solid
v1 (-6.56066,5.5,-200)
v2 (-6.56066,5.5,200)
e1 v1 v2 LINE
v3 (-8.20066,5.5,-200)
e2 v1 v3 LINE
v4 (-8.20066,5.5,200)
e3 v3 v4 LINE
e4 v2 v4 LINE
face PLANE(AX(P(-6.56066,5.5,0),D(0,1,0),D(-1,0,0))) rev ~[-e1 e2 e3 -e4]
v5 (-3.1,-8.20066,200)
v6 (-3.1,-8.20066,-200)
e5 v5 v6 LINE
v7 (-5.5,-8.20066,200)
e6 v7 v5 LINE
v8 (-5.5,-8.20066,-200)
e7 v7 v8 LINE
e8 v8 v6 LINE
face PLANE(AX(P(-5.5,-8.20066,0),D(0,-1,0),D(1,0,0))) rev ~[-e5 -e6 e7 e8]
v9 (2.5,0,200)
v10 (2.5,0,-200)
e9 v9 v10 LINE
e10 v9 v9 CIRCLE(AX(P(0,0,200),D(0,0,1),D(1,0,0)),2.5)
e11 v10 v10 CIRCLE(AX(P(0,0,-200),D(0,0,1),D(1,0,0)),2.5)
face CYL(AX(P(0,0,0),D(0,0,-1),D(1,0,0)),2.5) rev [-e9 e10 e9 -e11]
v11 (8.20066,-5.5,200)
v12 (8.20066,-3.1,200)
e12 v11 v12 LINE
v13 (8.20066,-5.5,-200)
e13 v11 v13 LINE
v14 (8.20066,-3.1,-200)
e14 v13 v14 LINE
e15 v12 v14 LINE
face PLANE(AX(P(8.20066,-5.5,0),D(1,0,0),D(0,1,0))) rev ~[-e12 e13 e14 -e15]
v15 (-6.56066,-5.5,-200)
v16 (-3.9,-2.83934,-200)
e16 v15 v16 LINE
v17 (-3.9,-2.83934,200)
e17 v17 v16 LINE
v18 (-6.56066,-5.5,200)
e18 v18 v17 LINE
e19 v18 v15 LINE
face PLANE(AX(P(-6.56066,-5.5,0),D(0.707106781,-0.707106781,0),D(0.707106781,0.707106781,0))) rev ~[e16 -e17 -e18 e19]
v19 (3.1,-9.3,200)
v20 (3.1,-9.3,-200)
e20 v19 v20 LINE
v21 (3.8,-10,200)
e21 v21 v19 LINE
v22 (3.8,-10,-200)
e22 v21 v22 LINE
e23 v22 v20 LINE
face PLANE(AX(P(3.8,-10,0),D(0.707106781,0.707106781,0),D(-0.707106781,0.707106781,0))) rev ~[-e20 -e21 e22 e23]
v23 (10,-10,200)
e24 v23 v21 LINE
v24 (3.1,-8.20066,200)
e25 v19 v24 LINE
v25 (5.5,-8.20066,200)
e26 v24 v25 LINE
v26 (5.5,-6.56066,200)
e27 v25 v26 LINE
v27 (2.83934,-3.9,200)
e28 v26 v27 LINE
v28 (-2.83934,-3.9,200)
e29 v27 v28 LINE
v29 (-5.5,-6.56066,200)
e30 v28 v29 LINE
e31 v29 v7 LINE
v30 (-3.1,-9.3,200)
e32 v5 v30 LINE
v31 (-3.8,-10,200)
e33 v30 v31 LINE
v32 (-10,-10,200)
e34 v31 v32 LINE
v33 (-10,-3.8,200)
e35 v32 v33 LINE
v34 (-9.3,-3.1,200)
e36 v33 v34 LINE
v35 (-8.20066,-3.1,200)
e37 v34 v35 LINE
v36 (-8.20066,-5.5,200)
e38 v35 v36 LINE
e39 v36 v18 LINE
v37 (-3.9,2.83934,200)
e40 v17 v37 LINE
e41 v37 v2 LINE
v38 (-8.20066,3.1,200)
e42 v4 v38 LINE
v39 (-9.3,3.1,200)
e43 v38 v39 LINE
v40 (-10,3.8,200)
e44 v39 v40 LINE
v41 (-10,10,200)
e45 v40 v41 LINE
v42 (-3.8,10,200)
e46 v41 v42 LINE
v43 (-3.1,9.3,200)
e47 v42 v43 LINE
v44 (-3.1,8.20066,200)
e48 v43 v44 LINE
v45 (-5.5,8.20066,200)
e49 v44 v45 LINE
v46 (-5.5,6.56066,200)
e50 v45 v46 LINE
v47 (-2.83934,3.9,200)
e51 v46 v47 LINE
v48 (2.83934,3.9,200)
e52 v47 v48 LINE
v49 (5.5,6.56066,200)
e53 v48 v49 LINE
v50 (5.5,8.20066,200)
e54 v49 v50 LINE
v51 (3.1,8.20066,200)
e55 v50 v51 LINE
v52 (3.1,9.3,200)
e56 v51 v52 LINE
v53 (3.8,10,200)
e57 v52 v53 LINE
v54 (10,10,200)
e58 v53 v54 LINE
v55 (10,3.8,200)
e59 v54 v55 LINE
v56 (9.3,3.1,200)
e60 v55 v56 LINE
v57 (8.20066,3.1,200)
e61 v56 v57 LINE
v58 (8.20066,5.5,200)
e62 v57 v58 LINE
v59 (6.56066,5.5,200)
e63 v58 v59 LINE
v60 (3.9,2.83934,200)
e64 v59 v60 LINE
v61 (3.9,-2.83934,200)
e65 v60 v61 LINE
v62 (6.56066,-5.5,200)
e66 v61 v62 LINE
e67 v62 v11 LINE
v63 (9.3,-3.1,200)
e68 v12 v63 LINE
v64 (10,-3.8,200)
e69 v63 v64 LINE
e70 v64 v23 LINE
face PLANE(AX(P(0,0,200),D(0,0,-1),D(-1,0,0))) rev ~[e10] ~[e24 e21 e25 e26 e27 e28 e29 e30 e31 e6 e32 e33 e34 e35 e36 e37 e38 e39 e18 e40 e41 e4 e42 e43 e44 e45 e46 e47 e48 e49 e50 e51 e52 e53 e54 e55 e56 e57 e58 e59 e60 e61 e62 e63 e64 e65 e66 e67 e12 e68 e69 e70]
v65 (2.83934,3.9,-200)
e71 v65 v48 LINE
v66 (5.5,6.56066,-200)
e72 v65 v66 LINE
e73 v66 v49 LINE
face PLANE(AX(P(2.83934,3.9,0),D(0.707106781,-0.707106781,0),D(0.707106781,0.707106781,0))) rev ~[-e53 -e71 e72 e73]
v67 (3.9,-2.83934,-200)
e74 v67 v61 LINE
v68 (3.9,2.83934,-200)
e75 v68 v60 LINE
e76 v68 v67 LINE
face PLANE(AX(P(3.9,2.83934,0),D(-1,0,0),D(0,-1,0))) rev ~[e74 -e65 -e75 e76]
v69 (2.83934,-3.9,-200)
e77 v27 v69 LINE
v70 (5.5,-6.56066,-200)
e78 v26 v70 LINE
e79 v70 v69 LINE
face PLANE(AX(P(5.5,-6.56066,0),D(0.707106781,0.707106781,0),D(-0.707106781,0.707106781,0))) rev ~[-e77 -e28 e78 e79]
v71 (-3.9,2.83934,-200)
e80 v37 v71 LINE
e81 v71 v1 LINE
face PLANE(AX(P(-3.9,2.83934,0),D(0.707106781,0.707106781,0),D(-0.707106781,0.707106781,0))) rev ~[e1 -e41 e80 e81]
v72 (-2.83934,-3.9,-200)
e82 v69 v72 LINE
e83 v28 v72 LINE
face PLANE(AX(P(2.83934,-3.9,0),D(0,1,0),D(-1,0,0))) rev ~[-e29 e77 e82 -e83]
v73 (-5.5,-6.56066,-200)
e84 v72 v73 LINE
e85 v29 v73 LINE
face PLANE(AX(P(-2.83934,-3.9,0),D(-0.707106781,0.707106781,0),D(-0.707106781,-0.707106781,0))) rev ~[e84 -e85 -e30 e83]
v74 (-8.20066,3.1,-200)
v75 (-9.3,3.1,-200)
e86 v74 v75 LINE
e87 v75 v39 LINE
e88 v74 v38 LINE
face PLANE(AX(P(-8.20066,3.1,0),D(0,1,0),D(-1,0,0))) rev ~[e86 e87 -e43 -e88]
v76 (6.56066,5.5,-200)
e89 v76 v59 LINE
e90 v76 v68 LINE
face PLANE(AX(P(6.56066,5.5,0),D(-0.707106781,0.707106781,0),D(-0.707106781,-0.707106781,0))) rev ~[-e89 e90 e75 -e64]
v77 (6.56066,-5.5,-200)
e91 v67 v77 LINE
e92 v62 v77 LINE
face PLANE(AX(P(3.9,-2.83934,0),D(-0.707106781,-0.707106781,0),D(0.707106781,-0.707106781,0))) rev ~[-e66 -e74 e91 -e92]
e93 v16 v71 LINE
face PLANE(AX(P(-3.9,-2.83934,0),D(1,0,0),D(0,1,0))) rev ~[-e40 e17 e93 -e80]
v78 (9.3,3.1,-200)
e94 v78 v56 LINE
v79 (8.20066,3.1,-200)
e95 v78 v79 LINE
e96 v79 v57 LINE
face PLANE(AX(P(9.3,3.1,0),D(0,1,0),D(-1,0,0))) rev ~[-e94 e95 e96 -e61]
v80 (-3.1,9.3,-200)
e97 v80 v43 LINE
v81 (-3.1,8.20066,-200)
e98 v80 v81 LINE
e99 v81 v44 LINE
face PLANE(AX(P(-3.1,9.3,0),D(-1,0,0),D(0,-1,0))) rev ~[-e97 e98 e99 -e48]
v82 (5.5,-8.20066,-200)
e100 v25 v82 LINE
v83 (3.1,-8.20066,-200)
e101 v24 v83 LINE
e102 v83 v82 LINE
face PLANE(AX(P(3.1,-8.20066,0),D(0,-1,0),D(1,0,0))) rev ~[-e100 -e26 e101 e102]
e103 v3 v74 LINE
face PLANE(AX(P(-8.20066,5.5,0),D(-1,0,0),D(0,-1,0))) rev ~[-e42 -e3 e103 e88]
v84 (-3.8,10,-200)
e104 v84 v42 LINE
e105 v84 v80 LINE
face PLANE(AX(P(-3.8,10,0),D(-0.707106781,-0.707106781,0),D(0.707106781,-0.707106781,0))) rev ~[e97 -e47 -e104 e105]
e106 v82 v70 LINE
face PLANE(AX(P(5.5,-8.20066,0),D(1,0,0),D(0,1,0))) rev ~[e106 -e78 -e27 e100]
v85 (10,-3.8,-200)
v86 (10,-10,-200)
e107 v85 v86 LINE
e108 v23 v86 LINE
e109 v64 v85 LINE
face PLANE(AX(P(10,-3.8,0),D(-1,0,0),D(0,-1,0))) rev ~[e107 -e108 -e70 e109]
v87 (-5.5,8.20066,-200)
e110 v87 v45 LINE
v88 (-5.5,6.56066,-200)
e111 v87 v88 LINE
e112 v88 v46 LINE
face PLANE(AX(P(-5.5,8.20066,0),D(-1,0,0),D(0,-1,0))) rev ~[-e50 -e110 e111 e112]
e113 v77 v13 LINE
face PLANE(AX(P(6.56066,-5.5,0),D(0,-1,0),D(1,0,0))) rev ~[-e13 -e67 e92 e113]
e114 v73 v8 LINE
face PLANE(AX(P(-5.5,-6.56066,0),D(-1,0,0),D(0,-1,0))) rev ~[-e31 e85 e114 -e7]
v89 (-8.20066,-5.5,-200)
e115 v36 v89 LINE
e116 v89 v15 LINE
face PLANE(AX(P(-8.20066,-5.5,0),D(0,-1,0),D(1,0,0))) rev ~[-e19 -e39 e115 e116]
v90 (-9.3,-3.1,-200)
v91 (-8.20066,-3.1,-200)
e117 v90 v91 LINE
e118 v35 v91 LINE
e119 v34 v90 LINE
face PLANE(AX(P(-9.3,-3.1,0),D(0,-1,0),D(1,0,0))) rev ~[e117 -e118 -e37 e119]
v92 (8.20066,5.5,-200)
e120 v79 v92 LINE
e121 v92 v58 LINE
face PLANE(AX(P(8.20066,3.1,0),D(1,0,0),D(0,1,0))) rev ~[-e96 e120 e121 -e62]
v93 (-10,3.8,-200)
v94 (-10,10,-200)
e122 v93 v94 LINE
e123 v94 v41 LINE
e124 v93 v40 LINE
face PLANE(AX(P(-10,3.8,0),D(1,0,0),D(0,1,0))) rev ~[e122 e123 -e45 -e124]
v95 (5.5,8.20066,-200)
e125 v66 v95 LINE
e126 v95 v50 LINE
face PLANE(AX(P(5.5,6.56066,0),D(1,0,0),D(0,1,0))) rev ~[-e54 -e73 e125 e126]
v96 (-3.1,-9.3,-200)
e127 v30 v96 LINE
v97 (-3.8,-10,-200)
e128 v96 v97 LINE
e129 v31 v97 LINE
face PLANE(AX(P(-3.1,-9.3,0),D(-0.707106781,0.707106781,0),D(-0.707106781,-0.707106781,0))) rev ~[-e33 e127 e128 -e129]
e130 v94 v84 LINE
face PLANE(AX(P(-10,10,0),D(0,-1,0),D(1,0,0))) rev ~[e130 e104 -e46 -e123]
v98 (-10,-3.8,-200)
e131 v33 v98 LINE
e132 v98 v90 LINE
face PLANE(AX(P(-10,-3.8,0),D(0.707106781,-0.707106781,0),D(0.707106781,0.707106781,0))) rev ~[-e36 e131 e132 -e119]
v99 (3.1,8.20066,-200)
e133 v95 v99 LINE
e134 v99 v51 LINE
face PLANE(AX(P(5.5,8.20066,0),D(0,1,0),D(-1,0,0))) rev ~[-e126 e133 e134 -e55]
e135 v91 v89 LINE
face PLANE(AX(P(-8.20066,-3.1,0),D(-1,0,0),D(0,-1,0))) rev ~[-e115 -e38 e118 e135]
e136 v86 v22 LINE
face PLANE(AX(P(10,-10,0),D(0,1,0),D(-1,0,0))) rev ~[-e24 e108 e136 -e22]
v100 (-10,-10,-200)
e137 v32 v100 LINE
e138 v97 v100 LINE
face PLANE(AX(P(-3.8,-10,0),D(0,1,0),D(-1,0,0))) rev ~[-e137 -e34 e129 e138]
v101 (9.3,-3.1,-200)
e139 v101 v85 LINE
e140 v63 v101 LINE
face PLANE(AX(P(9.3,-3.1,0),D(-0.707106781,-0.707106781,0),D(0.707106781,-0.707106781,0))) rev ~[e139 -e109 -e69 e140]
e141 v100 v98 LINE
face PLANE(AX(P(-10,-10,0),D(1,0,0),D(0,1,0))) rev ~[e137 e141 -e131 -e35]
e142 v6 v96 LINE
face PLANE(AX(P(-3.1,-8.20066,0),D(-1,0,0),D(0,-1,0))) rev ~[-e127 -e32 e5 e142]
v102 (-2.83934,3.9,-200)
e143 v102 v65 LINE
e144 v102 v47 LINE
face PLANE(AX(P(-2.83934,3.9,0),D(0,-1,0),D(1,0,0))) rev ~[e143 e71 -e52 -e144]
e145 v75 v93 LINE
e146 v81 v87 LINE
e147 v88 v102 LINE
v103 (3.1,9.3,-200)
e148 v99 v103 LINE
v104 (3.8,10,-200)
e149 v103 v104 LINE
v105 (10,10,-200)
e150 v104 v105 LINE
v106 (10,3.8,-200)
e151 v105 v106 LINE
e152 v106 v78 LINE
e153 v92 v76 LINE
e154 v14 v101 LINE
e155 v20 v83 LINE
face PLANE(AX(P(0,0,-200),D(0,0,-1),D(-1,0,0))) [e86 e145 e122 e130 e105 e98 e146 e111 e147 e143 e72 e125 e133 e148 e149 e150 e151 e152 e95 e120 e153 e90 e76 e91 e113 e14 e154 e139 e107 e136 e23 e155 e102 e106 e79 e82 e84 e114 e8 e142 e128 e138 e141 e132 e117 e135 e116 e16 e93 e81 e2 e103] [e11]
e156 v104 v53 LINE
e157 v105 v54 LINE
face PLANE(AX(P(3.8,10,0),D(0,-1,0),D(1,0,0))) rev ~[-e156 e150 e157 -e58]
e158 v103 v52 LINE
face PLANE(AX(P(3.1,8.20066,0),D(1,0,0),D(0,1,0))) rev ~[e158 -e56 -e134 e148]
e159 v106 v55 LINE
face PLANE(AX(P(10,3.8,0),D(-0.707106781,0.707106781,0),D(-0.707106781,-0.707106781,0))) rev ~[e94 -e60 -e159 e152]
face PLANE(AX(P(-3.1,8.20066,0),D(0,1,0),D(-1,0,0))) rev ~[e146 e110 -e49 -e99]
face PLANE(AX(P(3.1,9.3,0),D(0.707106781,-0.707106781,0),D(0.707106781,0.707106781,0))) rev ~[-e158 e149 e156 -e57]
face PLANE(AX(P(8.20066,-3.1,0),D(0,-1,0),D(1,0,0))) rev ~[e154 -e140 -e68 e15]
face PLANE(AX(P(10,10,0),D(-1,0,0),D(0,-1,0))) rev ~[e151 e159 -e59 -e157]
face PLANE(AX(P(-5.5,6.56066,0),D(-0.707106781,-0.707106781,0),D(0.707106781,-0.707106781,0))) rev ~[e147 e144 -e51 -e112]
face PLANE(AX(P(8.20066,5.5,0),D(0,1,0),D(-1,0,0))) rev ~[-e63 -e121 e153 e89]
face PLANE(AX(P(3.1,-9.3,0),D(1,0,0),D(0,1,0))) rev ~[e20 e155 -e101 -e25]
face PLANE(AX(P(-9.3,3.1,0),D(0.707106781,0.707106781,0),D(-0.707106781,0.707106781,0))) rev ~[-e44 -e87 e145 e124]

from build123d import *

# Parameters (mm, degrees)
SKETCH1_R           = 2.5
BOSS_EXTRUDE1_DEPTH = 200


with BuildPart() as part:
    # Sketch1 → Boss-Extrude1 (new, symmetric)
    with BuildSketch(Plane.XY):
        Polygon((3.9, -2.839339828), (6.560660172, -5.5), (8.200660172, -5.5), (8.200660172, -3.1), (9.3, -3.1), (10, -3.8), (10, -10), (3.8, -10), (3.1, -9.3), (3.1, -8.200660172), (5.5, -8.200660172), (5.5, -6.560660172), (2.839339828, -3.9), (-2.839339828, -3.9), (-5.5, -6.560660172), (-5.5, -8.200660172), (-3.1, -8.200660172), (-3.1, -9.3), (-3.8, -10), (-10, -10), (-10, -3.8), (-9.3, -3.1), (-8.200660172, -3.1), (-8.200660172, -5.5), (-6.560660172, -5.5), (-3.9, -2.839339828), (-3.9, 2.839339828), (-6.560660172, 5.5), (-8.200660172, 5.5), (-8.200660172, 3.1), (-9.3, 3.1), (-10, 3.8), (-10, 10), (-3.8, 10), (-3.1, 9.3), (-3.1, 8.200660172), (-5.5, 8.200660172), (-5.5, 6.560660172), (-2.839339828, 3.9), (2.839339828, 3.9), (5.5, 6.560660172), (5.5, 8.200660172), (3.1, 8.200660172), (3.1, 9.3), (3.8, 10), (10, 10), (10, 3.8), (9.3, 3.1), (8.200660172, 3.1), (8.200660172, 5.5), (6.560660172, 5.5), (3.9, 2.839339828), align=None)
        Circle(SKETCH1_R, mode=Mode.SUBTRACT)
    extrude(amount=BOSS_EXTRUDE1_DEPTH, both=True)


solid = part.part
